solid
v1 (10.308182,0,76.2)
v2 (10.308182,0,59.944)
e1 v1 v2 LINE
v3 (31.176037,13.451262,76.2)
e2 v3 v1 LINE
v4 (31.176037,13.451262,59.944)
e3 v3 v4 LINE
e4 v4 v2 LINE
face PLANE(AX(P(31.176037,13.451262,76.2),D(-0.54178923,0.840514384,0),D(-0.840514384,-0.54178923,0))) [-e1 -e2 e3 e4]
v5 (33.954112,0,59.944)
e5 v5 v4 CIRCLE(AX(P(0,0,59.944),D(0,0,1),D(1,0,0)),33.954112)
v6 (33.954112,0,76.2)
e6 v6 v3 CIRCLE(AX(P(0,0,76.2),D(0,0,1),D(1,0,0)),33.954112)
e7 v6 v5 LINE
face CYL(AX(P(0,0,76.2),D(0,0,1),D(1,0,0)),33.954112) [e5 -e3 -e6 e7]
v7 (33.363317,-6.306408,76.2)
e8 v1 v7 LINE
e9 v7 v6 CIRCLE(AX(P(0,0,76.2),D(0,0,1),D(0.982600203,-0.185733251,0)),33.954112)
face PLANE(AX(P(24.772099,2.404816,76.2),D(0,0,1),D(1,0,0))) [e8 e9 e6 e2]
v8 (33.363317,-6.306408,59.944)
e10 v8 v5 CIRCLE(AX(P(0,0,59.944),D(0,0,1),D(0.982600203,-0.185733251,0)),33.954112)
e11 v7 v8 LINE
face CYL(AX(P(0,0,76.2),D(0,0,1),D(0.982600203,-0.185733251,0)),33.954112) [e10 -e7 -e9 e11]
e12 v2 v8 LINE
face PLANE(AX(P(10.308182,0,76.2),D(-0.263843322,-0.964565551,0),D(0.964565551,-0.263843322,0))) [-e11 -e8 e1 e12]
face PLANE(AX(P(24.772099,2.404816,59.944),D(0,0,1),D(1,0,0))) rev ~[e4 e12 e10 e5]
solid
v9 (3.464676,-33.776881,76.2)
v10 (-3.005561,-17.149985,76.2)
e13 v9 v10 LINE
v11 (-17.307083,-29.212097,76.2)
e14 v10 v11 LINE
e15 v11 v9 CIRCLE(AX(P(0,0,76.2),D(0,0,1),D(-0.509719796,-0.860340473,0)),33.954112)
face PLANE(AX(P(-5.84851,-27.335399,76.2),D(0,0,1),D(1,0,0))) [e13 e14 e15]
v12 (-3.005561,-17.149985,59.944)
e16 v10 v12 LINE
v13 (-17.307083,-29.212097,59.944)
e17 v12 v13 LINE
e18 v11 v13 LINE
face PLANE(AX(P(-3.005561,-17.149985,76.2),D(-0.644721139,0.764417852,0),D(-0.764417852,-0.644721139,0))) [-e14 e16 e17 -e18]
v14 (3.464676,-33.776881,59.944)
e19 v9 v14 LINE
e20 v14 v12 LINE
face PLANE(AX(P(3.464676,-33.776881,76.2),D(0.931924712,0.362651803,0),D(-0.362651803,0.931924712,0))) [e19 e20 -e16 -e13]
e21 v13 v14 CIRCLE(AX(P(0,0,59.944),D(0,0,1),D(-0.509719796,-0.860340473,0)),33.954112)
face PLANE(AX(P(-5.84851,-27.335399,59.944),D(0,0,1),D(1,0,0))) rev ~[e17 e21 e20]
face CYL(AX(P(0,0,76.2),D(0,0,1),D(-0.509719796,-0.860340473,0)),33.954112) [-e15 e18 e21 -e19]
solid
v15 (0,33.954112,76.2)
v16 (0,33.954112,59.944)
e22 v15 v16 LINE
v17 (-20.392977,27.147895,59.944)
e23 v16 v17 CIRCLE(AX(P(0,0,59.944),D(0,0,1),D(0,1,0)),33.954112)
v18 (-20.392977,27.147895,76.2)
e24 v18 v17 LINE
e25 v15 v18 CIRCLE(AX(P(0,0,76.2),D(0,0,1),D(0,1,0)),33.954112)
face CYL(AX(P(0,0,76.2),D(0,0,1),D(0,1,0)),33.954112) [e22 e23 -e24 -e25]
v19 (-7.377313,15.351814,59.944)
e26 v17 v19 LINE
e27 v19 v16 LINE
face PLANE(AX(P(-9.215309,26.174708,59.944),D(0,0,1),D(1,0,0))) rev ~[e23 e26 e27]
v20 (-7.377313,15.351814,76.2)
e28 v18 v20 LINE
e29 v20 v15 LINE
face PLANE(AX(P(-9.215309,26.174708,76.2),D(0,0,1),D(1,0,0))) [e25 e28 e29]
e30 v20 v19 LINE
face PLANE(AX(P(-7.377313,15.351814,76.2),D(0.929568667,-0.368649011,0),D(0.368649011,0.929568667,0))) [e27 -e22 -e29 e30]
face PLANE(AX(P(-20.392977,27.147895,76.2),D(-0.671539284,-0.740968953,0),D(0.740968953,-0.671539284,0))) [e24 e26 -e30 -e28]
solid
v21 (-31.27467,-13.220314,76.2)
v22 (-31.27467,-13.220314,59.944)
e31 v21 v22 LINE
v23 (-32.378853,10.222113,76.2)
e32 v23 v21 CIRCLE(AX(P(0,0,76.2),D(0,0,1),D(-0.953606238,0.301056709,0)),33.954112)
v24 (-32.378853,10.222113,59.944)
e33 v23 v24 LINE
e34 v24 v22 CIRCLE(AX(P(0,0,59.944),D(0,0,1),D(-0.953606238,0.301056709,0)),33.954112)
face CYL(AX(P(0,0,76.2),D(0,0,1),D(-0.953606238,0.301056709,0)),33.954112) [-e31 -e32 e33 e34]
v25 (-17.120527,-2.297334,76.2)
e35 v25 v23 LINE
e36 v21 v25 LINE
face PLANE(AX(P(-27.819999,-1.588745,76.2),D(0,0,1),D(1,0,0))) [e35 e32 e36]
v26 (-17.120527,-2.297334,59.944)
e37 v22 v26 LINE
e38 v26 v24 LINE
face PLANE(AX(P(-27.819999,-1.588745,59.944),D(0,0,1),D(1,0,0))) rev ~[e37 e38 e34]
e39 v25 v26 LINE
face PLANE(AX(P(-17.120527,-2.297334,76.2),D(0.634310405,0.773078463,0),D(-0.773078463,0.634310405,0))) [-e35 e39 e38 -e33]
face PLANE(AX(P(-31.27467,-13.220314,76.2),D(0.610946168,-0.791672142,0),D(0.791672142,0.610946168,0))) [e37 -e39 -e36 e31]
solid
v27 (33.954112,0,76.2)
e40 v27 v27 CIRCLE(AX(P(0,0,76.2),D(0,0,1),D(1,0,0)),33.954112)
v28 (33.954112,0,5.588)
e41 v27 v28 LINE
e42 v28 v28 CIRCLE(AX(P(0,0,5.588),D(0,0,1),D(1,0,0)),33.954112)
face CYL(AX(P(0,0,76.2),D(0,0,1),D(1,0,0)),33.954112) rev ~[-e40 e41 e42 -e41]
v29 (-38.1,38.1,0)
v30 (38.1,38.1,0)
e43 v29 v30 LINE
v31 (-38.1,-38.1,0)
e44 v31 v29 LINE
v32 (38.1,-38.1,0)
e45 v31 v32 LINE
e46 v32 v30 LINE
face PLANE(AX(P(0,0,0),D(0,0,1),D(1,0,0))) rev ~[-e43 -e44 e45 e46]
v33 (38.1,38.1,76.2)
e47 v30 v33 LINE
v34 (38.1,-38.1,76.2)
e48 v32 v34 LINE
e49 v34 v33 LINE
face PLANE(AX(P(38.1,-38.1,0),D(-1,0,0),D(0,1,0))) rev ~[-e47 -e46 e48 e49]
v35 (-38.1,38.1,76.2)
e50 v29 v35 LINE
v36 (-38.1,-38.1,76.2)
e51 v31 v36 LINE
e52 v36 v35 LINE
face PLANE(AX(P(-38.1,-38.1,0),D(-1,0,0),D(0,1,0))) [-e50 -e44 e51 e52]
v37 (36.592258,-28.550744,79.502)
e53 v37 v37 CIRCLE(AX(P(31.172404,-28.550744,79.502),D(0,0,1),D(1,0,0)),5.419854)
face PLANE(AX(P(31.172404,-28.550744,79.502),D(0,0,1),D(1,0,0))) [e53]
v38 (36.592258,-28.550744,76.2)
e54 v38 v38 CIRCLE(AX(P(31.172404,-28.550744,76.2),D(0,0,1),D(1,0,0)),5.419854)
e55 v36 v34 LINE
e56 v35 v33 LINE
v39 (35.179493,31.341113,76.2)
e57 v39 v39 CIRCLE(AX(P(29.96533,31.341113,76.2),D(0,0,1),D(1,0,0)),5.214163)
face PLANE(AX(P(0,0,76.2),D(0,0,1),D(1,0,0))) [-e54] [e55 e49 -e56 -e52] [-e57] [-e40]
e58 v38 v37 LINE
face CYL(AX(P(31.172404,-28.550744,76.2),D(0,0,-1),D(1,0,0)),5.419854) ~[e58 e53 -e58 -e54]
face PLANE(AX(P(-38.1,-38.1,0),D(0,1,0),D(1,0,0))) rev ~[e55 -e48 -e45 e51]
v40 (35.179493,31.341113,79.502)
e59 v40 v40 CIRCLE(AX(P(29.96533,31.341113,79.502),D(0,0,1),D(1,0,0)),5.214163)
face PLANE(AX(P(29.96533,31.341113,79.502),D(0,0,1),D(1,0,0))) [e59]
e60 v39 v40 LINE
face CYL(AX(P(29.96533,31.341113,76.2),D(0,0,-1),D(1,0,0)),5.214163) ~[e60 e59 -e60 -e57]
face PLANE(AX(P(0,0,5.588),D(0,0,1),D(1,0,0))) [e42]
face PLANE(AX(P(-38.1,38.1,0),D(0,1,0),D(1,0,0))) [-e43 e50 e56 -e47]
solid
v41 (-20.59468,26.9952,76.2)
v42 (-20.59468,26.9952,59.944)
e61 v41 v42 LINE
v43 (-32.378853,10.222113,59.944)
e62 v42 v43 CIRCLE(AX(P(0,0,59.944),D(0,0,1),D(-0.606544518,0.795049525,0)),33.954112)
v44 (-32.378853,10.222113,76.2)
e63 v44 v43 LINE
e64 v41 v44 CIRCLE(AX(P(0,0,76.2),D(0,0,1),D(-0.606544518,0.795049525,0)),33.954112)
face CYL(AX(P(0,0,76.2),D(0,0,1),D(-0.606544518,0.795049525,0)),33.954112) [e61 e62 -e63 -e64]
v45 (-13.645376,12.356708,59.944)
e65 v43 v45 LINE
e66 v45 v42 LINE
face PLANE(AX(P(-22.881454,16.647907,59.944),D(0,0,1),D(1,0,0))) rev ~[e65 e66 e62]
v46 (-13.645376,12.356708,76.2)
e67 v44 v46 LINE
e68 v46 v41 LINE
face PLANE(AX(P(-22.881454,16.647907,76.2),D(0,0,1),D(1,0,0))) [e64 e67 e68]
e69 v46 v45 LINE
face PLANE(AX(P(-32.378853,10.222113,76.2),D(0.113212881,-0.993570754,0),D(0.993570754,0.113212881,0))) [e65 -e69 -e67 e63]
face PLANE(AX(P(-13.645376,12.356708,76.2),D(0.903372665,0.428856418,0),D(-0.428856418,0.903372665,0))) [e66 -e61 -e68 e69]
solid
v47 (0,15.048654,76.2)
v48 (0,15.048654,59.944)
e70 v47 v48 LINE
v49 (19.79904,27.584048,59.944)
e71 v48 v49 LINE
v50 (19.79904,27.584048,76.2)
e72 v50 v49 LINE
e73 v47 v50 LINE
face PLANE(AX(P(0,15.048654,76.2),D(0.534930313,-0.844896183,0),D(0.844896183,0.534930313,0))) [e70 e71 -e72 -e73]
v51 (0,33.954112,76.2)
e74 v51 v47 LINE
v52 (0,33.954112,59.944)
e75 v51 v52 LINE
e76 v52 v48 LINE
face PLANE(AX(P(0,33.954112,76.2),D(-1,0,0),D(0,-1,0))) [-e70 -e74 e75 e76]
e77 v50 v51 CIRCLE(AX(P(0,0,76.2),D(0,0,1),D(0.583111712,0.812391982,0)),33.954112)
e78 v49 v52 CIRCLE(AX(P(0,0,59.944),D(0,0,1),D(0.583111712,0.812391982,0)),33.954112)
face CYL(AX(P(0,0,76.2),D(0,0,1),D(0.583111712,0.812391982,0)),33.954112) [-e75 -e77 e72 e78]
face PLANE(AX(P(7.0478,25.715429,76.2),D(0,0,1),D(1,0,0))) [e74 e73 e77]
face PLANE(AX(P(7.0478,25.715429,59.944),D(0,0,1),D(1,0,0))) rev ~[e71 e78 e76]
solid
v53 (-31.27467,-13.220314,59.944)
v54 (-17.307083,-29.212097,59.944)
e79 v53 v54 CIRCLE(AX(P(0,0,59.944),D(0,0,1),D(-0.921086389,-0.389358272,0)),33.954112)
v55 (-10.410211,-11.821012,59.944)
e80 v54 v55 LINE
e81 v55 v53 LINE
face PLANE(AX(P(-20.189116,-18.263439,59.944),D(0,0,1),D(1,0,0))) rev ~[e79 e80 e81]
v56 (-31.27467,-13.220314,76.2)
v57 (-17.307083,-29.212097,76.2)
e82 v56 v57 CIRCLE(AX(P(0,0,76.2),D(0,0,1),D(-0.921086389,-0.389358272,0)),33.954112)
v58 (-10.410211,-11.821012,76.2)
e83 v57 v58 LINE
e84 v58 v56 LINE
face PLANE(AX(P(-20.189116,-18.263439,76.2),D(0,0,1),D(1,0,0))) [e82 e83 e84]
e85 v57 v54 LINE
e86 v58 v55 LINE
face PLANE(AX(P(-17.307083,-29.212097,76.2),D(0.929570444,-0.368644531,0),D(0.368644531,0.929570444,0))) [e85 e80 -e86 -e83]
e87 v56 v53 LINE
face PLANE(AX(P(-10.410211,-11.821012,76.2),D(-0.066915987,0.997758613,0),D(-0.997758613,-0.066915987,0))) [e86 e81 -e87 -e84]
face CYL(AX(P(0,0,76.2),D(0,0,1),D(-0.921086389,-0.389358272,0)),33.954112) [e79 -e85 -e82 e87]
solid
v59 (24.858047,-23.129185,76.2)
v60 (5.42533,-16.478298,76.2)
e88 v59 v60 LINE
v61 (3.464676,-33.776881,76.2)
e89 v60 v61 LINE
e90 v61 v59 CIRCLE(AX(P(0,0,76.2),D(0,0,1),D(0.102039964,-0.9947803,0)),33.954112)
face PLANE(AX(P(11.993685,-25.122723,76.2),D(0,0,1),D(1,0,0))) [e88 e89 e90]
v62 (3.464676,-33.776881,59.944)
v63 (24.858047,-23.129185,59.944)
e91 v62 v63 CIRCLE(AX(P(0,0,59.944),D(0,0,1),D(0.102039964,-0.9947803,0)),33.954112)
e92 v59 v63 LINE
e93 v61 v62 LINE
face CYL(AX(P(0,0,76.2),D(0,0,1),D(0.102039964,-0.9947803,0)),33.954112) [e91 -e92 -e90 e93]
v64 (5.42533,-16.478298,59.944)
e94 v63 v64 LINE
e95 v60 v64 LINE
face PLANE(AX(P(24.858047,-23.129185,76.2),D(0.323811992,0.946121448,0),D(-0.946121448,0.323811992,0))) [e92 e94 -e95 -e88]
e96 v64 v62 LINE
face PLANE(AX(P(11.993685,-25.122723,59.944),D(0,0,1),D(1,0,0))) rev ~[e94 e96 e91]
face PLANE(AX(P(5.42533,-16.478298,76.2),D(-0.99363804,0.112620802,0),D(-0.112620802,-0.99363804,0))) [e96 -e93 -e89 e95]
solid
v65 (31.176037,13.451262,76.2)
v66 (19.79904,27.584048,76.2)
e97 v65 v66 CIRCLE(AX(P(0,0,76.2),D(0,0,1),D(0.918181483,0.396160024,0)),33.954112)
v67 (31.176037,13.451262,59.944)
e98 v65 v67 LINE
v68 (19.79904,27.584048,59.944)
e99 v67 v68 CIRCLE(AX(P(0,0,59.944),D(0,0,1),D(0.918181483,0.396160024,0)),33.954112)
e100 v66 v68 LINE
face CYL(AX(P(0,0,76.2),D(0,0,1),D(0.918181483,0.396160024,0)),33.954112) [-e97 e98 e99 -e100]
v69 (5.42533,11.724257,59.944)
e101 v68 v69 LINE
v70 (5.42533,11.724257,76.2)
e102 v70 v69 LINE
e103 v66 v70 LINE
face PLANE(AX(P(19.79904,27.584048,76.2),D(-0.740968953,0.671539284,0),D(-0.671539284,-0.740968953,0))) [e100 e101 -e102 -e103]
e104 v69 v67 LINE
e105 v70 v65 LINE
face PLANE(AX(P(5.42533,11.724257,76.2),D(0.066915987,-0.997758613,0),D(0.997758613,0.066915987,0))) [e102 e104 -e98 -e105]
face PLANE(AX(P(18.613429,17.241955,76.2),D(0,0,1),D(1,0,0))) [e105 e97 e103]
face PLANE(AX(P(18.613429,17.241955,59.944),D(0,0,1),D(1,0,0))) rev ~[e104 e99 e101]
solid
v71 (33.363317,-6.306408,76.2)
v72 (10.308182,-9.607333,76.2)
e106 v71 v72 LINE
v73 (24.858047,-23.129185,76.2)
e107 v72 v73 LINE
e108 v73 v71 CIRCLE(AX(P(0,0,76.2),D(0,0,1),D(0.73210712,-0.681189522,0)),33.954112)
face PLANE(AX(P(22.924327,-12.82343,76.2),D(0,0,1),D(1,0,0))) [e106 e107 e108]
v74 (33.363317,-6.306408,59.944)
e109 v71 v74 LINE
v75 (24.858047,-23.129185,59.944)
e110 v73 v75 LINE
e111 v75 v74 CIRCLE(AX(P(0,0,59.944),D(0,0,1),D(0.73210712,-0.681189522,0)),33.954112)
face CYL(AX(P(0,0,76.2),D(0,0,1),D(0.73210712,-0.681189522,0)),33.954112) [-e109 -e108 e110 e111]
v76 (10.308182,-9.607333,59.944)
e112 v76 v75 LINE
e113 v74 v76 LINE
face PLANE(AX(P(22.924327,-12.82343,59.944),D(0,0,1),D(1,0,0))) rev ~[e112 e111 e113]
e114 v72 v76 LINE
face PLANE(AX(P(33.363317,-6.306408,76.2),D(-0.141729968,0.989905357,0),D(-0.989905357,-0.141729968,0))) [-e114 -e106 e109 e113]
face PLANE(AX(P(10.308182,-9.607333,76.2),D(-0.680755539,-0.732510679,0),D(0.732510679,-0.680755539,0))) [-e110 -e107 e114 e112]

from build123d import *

# Parameters (mm, degrees)
F0_W     = 76.2
F0_H     = 76.2
F1_DEPTH = 76.2
F2_R     = 33.9541116817
F3_DEPTH = 70.612
F5_DEPTH = 16.256
F6_R     = 5.4198539704
F6_R_2   = 5.2141631228
F7_DEPTH = 3.302


with BuildPart() as f1:
    # F0 (on Top) → F1 (new body)
    with BuildSketch(Plane.XY):
        Rectangle(F0_W, F0_H)
    extrude(amount=F1_DEPTH)

    # F2 (on face) → F3 (cut)
    with BuildSketch(Plane.XY.offset(76.2)):
        Circle(F2_R)
    extrude(amount=-F3_DEPTH, mode=Mode.SUBTRACT)

    # F6 (on face) → F7 (join)
    with BuildSketch(Plane.XY.offset(76.2)):
        with Locations((31.1724040657, -28.5507440567)):
            Circle(F6_R)
        with Locations((29.9653299153, 31.3411131501)):
            Circle(F6_R_2)
    extrude(amount=F7_DEPTH)


with BuildPart() as f5:
    # F4 (on face) → F5 (new body)
    with BuildSketch(Plane.XY.offset(76.2)):
        with BuildLine():
            ThreePointArc((31.1760366044, 13.4512617153), (26.4489796747, 21.2916221612), (19.7990401795, 27.5840480724))
            Line((19.7990401795, 27.5840480724), (5.4253302515, 11.7242569104))
            Line((5.4253302515, 11.7242569104), (31.1760366044, 13.4512617153))
        make_face()
    extrude(amount=-F5_DEPTH)


with BuildPart() as f5b:
    # F4 (on face) → F5, piece 2 (new body)
    with BuildSketch(Plane.XY.offset(76.2)):
        with BuildLine():
            Line((0, 15.0486538187), (19.7990401795, 27.5840480724))
            ThreePointArc((19.7990401795, 27.5840480724), (10.3992752442, 32.3223881309), (0, 33.9541116817))
            Line((0, 33.9541116817), (0, 15.0486538187))
        make_face()
    extrude(amount=-F5_DEPTH)


with BuildPart() as f5c:
    # F4 (on face) → F5, piece 3 (new body)
    with BuildSketch(Plane.XY.offset(76.2)):
        with BuildLine():
            Line((-7.3773125187, 15.3518142179), (0, 33.9541116817))
            ThreePointArc((0, 33.9541116817), (-10.7493962212, 32.2076416549), (-20.3929765412, 27.1478950912))
            Line((-20.3929765412, 27.1478950912), (-7.3773125187, 15.3518142179))
        make_face()
    extrude(amount=-F5_DEPTH)


with BuildPart() as f5d:
    # F4 (on face) → F5, piece 4 (new body)
    with BuildSketch(Plane.XY.offset(76.2)):
        with BuildLine():
            Line((-13.6453760788, 12.3567078263), (-20.5946803059, 26.9952003732))
            ThreePointArc((-20.5946803059, 26.9952003732), (-27.7827808928, 19.5191901972), (-32.3788527166, 10.2221131302))
            Line((-32.3788527166, 10.2221131302), (-13.6453760788, 12.3567078263))
        make_face()
    extrude(amount=-F5_DEPTH)


with BuildPart() as f5e:
    # F4 (on face) → F5, piece 5 (new body)
    with BuildSketch(Plane.XY.offset(76.2)):
        with BuildLine():
            Line((-17.1205271035, -2.2973336745), (-32.3788527166, 10.2221131302))
            ThreePointArc((-32.3788527166, 10.2221131302), (-33.9165091482, -1.5975316251), (-31.2746701208, -13.2203142522))
            Line((-31.2746701208, -13.2203142522), (-17.1205271035, -2.2973336745))
        make_face()
    extrude(amount=-F5_DEPTH)


with BuildPart() as f5f:
    # F4 (on face) → F5, piece 6 (new body)
    with BuildSketch(Plane.XY.offset(76.2)):
        with BuildLine():
            Line((-10.410211049, -11.8210120127), (-31.2746701208, -13.2203142522))
            ThreePointArc((-31.2746701208, -13.2203142522), (-25.5730513598, -22.3360861441), (-17.3070828689, -29.2120965126))
            Line((-17.3070828689, -29.2120965126), (-10.410211049, -11.8210120127))
        make_face()
    extrude(amount=-F5_DEPTH)


with BuildPart() as f5g:
    # F4 (on face) → F5, piece 7 (new body)
    with BuildSketch(Plane.XY.offset(76.2)):
        with BuildLine():
            ThreePointArc((-17.3070828689, -29.2120965126), (-7.2878234024, -33.1627702423), (3.4646763369, -33.7768814127))
            Line((3.4646763369, -33.7768814127), (-3.0055609532, -17.1499848366))
            Line((-3.0055609532, -17.1499848366), (-17.3070828689, -29.2120965126))
        make_face()
    extrude(amount=-F5_DEPTH)


with BuildPart() as f5h:
    # F4 (on face) → F5, piece 8 (new body)
    with BuildSketch(Plane.XY.offset(76.2)):
        with BuildLine():
            ThreePointArc((3.4646763369, -33.7768814127), (15.1290291346, -30.3972725345), (24.8580469298, -23.12918509))
            Line((24.8580469298, -23.12918509), (5.4253302515, -16.478298232))
            Line((5.4253302515, -16.478298232), (3.4646763369, -33.7768814127))
        make_face()
    extrude(amount=-F5_DEPTH)


with BuildPart() as f5i:
    # F4 (on face) → F5, piece 9 (new body)
    with BuildSketch(Plane.XY.offset(76.2)):
        with BuildLine():
            ThreePointArc((24.8580469298, -23.12918509), (30.3015390192, -15.3198705334), (33.3633170435, -6.3064075307))
            Line((33.3633170435, -6.3064075307), (10.308181867, -9.6073327586))
            Line((10.308181867, -9.6073327586), (24.8580469298, -23.12918509))
        make_face()
    extrude(amount=-F5_DEPTH)


with BuildPart() as f5j:
    # F4 (on face) → F5, piece 10 (new body)
    with BuildSketch(Plane.XY.offset(76.2)):
        with BuildLine():
            ThreePointArc((33.9541116817, 0), (33.2523407353, 6.8675713114), (31.1760366044, 13.4512617153))
            Line((31.1760366044, 13.4512617153), (10.308181867, 0))
            Line((10.308181867, 0), (33.3633170435, -6.3064075307))
            ThreePointArc((33.3633170435, -6.3064075307), (33.8060903763, -3.1670101929), (33.9541116817, 0))
        make_face()
    extrude(amount=-F5_DEPTH)


solid = Compound([f1.part, f5.part, f5b.part, f5c.part, f5d.part, f5e.part, f5f.part, f5g.part, f5h.part, f5i.part, f5j.part])
